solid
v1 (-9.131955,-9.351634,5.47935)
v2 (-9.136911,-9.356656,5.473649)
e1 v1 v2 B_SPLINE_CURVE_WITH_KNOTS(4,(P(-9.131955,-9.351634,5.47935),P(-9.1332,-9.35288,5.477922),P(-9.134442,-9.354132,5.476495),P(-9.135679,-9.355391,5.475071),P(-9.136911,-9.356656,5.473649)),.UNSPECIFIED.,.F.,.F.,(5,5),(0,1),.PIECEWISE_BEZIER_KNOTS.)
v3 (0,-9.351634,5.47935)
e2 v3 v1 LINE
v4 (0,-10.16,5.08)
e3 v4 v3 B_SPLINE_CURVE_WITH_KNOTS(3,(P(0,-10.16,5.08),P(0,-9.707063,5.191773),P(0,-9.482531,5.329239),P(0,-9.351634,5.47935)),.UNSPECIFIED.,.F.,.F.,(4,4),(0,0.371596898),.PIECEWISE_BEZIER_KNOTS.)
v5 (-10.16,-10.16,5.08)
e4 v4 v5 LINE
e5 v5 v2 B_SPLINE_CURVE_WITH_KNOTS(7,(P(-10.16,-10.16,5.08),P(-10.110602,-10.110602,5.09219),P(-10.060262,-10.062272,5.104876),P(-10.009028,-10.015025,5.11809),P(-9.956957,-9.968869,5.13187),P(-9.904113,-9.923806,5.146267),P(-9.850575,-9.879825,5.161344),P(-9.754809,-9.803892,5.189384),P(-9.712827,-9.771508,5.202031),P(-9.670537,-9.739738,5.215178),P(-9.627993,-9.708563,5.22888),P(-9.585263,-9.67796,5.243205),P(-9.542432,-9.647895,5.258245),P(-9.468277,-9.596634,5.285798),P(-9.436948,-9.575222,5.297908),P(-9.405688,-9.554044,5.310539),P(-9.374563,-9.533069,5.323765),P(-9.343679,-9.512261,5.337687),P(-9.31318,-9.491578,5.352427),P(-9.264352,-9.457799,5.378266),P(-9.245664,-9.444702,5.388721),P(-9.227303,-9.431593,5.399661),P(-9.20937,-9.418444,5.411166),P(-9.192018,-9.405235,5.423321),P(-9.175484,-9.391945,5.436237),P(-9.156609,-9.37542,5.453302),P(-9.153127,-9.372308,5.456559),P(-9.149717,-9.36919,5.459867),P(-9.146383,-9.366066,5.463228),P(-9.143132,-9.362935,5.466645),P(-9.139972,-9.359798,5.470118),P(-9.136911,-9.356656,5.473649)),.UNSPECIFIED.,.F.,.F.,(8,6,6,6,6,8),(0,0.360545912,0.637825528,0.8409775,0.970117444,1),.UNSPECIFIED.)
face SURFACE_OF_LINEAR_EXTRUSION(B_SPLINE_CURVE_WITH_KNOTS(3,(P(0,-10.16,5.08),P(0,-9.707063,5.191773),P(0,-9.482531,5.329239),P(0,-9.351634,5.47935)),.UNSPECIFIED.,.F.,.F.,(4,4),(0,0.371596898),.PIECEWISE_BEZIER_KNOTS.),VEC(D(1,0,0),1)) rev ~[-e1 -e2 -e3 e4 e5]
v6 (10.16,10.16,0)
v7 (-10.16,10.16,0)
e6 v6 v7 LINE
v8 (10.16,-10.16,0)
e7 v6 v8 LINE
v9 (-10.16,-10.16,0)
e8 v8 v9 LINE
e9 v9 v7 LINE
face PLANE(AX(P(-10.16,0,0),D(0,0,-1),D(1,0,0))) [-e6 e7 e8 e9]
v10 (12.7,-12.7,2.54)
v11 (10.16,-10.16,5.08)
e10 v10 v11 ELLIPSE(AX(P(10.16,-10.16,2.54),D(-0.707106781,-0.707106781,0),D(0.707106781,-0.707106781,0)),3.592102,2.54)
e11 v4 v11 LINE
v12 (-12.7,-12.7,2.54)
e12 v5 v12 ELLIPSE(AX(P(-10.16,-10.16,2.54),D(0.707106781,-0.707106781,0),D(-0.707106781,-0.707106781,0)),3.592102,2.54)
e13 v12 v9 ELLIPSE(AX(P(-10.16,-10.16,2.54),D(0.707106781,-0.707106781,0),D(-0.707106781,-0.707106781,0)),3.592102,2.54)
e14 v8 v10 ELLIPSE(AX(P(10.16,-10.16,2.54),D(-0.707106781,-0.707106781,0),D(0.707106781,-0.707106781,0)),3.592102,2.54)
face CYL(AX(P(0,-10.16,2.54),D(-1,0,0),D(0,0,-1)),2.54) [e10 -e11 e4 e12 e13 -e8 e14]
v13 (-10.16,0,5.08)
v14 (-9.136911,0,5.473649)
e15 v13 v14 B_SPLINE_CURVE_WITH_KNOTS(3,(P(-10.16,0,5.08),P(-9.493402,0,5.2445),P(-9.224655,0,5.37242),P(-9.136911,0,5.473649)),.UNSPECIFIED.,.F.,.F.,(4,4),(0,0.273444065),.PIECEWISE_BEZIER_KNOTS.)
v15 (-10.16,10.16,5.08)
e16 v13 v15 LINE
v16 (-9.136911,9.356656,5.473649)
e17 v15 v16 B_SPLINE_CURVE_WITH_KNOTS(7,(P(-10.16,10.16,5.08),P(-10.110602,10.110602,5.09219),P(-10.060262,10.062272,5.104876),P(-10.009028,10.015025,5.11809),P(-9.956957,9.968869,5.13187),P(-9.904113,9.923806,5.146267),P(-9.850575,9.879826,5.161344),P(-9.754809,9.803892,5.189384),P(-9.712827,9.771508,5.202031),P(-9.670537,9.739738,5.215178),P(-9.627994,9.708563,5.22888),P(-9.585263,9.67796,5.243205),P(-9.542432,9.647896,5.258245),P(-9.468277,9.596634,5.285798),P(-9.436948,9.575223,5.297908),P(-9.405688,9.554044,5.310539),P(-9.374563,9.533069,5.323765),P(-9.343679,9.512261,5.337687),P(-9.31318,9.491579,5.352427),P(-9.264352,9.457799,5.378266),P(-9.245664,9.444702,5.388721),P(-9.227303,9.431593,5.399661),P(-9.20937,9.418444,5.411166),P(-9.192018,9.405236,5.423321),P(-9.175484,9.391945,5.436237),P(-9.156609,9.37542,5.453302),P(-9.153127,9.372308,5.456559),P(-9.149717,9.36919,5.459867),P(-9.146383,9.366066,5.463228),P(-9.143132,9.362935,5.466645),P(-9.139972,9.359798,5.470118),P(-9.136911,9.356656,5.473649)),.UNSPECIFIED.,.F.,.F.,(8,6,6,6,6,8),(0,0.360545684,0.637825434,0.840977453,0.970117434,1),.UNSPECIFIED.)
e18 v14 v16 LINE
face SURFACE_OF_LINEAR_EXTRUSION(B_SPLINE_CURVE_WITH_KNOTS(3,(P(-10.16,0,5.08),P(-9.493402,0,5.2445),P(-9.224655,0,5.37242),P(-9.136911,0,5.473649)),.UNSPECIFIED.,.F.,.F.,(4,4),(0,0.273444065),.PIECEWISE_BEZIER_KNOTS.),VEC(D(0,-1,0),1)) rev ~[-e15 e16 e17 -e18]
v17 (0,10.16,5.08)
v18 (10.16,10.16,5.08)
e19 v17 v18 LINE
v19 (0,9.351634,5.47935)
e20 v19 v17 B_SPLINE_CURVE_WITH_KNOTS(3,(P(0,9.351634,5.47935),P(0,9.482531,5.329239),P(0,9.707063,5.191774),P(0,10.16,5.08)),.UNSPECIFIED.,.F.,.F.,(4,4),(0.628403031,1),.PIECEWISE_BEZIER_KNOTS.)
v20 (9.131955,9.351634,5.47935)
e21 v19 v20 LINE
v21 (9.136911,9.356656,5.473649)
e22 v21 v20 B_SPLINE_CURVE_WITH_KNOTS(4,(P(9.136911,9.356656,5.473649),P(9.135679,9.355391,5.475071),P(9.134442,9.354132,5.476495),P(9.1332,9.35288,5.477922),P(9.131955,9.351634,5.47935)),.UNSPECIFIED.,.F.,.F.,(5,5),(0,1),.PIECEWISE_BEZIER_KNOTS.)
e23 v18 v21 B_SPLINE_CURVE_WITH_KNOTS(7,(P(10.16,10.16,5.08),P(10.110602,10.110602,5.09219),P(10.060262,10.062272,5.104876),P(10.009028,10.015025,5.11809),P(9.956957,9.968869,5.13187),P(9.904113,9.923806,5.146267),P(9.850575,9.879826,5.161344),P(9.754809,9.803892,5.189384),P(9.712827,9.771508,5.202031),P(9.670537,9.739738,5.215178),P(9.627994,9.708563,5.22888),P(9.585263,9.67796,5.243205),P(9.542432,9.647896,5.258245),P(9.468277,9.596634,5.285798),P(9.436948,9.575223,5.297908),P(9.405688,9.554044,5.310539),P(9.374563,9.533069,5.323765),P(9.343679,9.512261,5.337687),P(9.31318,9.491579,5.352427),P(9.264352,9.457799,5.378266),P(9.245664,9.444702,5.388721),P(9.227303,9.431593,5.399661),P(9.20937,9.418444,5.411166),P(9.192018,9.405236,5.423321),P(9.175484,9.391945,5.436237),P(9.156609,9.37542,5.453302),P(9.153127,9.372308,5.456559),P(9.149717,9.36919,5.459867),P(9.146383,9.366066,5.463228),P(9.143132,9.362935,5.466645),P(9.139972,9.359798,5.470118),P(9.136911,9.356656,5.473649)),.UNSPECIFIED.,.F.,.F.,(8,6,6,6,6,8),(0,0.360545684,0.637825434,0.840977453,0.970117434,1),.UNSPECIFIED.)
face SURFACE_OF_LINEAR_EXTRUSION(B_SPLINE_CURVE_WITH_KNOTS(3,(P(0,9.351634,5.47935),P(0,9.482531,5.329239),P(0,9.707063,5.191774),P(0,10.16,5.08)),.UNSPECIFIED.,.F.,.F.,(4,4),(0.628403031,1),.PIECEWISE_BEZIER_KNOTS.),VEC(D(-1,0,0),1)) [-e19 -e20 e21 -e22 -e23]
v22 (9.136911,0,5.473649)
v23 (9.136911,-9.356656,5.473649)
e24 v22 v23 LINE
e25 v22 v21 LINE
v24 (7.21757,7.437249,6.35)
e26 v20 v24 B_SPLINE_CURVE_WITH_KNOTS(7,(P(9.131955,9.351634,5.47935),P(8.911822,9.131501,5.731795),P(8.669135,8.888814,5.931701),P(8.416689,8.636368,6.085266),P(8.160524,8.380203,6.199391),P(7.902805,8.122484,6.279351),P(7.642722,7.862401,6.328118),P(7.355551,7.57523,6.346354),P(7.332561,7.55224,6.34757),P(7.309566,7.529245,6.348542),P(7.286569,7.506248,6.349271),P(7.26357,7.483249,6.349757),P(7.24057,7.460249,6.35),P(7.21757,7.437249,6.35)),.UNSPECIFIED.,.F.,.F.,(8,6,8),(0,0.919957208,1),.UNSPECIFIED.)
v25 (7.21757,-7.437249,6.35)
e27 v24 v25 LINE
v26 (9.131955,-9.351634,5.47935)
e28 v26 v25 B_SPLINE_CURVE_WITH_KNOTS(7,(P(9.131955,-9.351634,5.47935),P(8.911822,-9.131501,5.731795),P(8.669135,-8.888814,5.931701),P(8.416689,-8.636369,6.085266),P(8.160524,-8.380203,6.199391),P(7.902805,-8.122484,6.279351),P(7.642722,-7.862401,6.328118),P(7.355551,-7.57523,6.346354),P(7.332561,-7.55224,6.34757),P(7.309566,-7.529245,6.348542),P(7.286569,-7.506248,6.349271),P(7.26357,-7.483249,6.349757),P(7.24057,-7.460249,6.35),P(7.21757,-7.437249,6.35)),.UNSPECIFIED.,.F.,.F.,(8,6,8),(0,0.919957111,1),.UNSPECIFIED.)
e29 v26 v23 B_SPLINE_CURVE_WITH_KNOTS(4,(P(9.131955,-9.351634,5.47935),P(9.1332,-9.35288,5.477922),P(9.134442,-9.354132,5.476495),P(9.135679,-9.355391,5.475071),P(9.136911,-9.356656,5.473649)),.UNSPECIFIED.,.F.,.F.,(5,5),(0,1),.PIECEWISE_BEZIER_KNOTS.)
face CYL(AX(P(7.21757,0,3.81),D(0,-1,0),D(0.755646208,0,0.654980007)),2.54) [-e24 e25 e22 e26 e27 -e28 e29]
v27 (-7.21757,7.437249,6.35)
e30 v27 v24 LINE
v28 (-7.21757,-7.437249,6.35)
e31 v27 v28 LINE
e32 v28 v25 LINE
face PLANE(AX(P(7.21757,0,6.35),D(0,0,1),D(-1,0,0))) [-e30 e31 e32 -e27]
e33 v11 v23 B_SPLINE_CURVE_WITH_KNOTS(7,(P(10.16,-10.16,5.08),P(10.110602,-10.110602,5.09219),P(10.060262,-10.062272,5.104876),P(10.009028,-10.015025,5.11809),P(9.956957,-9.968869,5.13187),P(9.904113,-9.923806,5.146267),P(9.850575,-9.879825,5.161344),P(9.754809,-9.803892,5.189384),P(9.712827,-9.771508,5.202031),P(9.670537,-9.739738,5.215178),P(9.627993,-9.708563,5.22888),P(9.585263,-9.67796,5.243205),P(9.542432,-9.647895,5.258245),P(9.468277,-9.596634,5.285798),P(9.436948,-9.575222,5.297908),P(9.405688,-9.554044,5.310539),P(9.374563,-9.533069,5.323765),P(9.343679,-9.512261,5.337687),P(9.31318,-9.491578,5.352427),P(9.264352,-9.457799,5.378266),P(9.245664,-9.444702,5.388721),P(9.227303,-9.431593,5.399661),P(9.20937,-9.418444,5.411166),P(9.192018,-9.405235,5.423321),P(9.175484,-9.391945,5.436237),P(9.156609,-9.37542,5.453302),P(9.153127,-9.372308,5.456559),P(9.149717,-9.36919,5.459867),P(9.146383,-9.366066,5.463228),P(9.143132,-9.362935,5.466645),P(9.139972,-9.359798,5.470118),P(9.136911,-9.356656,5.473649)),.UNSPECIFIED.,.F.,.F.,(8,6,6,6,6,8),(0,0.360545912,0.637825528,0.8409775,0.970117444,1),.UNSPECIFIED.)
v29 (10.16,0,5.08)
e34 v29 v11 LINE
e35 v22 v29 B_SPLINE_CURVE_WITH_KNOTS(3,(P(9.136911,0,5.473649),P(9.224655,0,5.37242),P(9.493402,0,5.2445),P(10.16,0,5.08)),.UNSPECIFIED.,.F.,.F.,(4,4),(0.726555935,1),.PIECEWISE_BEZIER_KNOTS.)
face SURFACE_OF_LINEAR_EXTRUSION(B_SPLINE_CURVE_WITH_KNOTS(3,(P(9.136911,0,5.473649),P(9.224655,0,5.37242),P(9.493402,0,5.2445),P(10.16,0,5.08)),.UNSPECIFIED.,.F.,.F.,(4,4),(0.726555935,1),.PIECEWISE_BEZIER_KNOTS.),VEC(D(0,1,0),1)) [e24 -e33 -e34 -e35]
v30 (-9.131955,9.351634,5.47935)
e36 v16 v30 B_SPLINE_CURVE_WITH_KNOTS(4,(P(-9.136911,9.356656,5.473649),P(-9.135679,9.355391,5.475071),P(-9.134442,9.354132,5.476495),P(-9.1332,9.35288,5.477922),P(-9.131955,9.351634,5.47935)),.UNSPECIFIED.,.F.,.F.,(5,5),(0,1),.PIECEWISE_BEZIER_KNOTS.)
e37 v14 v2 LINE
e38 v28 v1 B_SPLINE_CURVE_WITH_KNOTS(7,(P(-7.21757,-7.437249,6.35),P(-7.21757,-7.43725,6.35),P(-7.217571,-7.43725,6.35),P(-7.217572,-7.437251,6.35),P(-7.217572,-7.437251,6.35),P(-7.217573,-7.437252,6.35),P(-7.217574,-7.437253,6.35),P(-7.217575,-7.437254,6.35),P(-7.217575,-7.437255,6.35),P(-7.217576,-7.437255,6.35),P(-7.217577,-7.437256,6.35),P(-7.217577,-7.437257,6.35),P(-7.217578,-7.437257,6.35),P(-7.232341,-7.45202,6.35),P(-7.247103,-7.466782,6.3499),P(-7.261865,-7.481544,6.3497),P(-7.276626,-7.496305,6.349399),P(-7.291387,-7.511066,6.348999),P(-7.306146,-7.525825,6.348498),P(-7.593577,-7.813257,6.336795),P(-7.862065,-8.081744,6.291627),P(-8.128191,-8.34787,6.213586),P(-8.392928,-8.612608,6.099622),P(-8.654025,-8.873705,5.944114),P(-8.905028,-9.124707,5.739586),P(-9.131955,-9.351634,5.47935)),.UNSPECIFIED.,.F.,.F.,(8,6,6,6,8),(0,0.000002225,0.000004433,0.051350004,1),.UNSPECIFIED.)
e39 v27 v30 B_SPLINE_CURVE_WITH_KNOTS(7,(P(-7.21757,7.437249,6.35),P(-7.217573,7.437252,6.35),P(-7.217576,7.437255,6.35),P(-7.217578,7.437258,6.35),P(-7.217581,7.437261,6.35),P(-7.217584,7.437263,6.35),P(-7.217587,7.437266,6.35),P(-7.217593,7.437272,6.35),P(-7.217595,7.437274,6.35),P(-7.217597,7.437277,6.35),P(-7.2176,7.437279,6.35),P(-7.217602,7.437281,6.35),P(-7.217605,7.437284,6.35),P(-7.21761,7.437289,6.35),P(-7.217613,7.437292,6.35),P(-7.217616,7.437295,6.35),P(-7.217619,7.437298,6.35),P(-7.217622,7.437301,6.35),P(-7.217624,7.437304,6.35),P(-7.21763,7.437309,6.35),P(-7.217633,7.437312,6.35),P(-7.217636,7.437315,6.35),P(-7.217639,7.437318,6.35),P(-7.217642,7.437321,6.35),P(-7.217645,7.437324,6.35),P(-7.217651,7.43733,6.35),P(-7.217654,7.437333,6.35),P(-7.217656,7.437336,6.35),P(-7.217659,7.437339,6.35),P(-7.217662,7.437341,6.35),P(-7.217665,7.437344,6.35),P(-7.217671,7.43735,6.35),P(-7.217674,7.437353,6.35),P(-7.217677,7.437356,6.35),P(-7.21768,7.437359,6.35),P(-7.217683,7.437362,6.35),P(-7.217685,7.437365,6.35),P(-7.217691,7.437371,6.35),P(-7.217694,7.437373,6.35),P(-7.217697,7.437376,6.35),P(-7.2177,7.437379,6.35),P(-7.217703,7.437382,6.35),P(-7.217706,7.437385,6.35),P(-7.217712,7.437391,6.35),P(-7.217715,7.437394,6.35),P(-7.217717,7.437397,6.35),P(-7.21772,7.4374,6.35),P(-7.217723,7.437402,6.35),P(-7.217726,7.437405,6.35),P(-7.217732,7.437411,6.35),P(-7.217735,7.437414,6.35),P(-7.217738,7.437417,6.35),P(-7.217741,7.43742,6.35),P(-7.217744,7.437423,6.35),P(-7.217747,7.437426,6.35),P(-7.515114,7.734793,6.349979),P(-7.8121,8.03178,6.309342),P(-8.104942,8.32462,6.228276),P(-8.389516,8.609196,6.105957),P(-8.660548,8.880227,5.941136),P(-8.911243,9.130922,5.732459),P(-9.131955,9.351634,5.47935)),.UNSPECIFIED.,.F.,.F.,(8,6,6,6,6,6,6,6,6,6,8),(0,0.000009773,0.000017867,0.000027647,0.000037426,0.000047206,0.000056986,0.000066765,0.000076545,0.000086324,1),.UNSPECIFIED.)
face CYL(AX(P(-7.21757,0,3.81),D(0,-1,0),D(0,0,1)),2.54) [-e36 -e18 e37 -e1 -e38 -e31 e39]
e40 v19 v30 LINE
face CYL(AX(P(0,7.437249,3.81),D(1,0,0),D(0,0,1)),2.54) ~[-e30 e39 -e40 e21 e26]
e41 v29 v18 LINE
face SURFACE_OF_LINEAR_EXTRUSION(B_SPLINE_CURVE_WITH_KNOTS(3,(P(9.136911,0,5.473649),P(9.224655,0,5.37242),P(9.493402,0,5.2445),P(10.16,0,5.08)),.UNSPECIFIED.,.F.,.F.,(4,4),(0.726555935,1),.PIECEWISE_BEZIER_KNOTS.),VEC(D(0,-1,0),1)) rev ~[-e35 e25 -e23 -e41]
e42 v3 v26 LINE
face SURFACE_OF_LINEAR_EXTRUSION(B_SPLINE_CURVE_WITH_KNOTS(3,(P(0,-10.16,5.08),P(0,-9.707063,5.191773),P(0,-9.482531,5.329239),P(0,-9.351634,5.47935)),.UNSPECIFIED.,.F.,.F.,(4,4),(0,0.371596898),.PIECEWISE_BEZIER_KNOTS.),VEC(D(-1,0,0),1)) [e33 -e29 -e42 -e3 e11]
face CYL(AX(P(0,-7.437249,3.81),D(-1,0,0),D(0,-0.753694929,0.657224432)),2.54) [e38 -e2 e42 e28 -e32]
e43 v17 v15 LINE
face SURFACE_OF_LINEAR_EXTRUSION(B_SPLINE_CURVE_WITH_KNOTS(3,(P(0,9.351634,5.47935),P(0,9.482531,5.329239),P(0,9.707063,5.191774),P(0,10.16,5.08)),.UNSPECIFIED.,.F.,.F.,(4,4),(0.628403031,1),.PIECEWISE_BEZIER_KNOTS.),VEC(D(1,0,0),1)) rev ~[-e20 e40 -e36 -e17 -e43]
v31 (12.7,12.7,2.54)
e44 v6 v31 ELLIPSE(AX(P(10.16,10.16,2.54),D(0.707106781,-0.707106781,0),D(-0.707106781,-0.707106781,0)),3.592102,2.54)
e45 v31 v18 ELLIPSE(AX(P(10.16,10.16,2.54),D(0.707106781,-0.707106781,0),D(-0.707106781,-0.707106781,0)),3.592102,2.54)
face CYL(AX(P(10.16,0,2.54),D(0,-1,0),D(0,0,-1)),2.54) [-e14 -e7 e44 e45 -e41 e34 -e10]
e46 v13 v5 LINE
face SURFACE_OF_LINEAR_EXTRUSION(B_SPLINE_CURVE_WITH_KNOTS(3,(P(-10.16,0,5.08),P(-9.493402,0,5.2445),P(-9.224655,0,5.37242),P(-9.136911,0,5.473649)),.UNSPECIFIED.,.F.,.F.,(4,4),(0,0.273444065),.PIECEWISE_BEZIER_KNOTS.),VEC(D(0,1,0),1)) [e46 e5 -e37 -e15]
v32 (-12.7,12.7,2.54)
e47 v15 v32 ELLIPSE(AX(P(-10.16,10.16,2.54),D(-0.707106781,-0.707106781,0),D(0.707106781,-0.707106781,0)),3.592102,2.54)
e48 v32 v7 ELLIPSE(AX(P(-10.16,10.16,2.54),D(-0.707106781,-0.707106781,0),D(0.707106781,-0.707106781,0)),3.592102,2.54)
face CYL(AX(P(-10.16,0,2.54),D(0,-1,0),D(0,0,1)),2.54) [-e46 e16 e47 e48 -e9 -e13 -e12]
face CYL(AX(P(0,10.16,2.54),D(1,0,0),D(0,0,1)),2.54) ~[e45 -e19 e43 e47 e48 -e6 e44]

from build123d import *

# Parameters (mm, degrees)
F1_DEPTH = 12.7
F3_DEPTH = 12.7


with BuildPart() as f1:
    # F0 (on Front) → F1 (new body, symmetric)
    with BuildSketch(Plane.XZ):
        with BuildLine():
            Line((-10.16, 0), (0, 0))
            Line((0, 0), (10.16, 0))
            ThreePointArc((10.16, 0), (12.7, 2.54), (10.16, 5.08))
            add(Edge.make_bspline(
                [(9.1369110942, 5.4736492165), (9.2246549673, 5.3724196763), (9.4934022425, 5.2444997306), (10.16, 5.08)],
                knots=[0.7265559346, 0.7265559346, 0.7265559346, 0.7265559346, 1, 1, 1, 1], degree=3))
            ThreePointArc((9.1369110942, 5.4736492165), (8.2725415251, 6.120548529), (7.2175697269, 6.35))
            Line((7.2175697269, 6.35), (-7.2175697269, 6.35))
            ThreePointArc((-7.2175697269, 6.35), (-8.2725415251, 6.120548529), (-9.1369110942, 5.4736492165))
            add(Edge.make_bspline(
                [(-10.16, 5.08), (-9.4934022425, 5.2444997306), (-9.2246549673, 5.3724196763), (-9.1369110942, 5.4736492165)],
                knots=[0, 0, 0, 0, 0.2734440654, 0.2734440654, 0.2734440654, 0.2734440654], degree=3))
            ThreePointArc((-10.16, 5.08), (-12.7, 2.54), (-10.16, 0))
        make_face()
    extrude(amount=F1_DEPTH, both=True)

    # F2 (on Right) → F3 (cut, symmetric)
    with BuildSketch(Plane.YZ):
        with BuildLine():
            ThreePointArc((-10.16, 0), (-12.7, 2.54), (-10.16, 5.08))
            add(Edge.make_bspline(
                [(-10.16, 5.08), (-9.7070633435, 5.191773311), (-9.482531441, 5.3292388221), (-9.3516339559, 5.4793500566)],
                knots=[0, 0, 0, 0, 0.3715968977, 0.3715968977, 0.3715968977, 0.3715968977], degree=3))
            add(Edge.make_bspline(
                [(-9.3516339559, 5.4793500566), (-9.285465993, 5.5552304647), (-9.144148862, 5.8198918084), (-9.0757811175, 6.1018571053), (-8.89, 6.35)],
                knots=[0.3715968977, 0.3715968977, 0.3715968977, 0.3715968977, 0.5594370973, 1, 1, 1, 1], degree=3))
            Line((-8.89, 6.35), (-20.1372488356, 6.35))
            Line((-20.1372488356, 6.35), (-20.1372488356, 0))
            Line((-20.1372488356, 0), (-10.16, 0))
        make_face()
        with BuildLine():
            add(Edge.make_bspline(
                [(-9.3516339559, 5.4793500566), (-9.285465993, 5.5552304647), (-9.144148862, 5.8198918084), (-9.0757811175, 6.1018571053), (-8.89, 6.35)],
                knots=[0.3715968977, 0.3715968977, 0.3715968977, 0.3715968977, 0.5594370973, 1, 1, 1, 1], degree=3))
            ThreePointArc((-9.3516339559, 5.4793500566), (-8.4887836321, 6.1221147402), (-7.4372488356, 6.35))
            Line((-7.4372488356, 6.35), (-8.89, 6.35))
        make_face()
        with BuildLine():
            Line((20.1372489148, 6.35), (8.89, 6.35))
            add(Edge.make_bspline(
                [(8.89, 6.35), (9.0757811666, 6.1018571408), (9.1441488374, 5.8198917766), (9.2854659662, 5.5552305731), (9.3516338927, 5.4793502198)],
                knots=[0, 0, 0, 0, 0.4405629027, 0.6284030307, 0.6284030307, 0.6284030307, 0.6284030307], degree=3))
            add(Edge.make_bspline(
                [(9.3516338927, 5.4793502198), (9.4825313808, 5.3292390078), (9.7070632977, 5.1917735016), (10.16, 5.08)],
                knots=[0.6284030307, 0.6284030307, 0.6284030307, 0.6284030307, 1, 1, 1, 1], degree=3))
            ThreePointArc((10.16, 5.08), (12.7, 2.54), (10.16, 0))
            Line((10.16, 0), (20.1372488356, 0))
            Line((20.1372488356, 0), (20.1372489148, 6.35))
        make_face()
        with BuildLine():
            add(Edge.make_bspline(
                [(8.89, 6.35), (9.0757811666, 6.1018571408), (9.1441488374, 5.8198917766), (9.2854659662, 5.5552305731), (9.3516338927, 5.4793502198)],
                knots=[0, 0, 0, 0, 0.4405629027, 0.6284030307, 0.6284030307, 0.6284030307, 0.6284030307], degree=3))
            Line((8.89, 6.35), (7.4372489148, 6.35))
            ThreePointArc((7.4372489148, 6.35), (8.4887836126, 6.122114785), (9.3516338927, 5.4793502198))
        make_face()
    extrude(amount=F3_DEPTH, both=True, mode=Mode.SUBTRACT)


solid = f1.part
